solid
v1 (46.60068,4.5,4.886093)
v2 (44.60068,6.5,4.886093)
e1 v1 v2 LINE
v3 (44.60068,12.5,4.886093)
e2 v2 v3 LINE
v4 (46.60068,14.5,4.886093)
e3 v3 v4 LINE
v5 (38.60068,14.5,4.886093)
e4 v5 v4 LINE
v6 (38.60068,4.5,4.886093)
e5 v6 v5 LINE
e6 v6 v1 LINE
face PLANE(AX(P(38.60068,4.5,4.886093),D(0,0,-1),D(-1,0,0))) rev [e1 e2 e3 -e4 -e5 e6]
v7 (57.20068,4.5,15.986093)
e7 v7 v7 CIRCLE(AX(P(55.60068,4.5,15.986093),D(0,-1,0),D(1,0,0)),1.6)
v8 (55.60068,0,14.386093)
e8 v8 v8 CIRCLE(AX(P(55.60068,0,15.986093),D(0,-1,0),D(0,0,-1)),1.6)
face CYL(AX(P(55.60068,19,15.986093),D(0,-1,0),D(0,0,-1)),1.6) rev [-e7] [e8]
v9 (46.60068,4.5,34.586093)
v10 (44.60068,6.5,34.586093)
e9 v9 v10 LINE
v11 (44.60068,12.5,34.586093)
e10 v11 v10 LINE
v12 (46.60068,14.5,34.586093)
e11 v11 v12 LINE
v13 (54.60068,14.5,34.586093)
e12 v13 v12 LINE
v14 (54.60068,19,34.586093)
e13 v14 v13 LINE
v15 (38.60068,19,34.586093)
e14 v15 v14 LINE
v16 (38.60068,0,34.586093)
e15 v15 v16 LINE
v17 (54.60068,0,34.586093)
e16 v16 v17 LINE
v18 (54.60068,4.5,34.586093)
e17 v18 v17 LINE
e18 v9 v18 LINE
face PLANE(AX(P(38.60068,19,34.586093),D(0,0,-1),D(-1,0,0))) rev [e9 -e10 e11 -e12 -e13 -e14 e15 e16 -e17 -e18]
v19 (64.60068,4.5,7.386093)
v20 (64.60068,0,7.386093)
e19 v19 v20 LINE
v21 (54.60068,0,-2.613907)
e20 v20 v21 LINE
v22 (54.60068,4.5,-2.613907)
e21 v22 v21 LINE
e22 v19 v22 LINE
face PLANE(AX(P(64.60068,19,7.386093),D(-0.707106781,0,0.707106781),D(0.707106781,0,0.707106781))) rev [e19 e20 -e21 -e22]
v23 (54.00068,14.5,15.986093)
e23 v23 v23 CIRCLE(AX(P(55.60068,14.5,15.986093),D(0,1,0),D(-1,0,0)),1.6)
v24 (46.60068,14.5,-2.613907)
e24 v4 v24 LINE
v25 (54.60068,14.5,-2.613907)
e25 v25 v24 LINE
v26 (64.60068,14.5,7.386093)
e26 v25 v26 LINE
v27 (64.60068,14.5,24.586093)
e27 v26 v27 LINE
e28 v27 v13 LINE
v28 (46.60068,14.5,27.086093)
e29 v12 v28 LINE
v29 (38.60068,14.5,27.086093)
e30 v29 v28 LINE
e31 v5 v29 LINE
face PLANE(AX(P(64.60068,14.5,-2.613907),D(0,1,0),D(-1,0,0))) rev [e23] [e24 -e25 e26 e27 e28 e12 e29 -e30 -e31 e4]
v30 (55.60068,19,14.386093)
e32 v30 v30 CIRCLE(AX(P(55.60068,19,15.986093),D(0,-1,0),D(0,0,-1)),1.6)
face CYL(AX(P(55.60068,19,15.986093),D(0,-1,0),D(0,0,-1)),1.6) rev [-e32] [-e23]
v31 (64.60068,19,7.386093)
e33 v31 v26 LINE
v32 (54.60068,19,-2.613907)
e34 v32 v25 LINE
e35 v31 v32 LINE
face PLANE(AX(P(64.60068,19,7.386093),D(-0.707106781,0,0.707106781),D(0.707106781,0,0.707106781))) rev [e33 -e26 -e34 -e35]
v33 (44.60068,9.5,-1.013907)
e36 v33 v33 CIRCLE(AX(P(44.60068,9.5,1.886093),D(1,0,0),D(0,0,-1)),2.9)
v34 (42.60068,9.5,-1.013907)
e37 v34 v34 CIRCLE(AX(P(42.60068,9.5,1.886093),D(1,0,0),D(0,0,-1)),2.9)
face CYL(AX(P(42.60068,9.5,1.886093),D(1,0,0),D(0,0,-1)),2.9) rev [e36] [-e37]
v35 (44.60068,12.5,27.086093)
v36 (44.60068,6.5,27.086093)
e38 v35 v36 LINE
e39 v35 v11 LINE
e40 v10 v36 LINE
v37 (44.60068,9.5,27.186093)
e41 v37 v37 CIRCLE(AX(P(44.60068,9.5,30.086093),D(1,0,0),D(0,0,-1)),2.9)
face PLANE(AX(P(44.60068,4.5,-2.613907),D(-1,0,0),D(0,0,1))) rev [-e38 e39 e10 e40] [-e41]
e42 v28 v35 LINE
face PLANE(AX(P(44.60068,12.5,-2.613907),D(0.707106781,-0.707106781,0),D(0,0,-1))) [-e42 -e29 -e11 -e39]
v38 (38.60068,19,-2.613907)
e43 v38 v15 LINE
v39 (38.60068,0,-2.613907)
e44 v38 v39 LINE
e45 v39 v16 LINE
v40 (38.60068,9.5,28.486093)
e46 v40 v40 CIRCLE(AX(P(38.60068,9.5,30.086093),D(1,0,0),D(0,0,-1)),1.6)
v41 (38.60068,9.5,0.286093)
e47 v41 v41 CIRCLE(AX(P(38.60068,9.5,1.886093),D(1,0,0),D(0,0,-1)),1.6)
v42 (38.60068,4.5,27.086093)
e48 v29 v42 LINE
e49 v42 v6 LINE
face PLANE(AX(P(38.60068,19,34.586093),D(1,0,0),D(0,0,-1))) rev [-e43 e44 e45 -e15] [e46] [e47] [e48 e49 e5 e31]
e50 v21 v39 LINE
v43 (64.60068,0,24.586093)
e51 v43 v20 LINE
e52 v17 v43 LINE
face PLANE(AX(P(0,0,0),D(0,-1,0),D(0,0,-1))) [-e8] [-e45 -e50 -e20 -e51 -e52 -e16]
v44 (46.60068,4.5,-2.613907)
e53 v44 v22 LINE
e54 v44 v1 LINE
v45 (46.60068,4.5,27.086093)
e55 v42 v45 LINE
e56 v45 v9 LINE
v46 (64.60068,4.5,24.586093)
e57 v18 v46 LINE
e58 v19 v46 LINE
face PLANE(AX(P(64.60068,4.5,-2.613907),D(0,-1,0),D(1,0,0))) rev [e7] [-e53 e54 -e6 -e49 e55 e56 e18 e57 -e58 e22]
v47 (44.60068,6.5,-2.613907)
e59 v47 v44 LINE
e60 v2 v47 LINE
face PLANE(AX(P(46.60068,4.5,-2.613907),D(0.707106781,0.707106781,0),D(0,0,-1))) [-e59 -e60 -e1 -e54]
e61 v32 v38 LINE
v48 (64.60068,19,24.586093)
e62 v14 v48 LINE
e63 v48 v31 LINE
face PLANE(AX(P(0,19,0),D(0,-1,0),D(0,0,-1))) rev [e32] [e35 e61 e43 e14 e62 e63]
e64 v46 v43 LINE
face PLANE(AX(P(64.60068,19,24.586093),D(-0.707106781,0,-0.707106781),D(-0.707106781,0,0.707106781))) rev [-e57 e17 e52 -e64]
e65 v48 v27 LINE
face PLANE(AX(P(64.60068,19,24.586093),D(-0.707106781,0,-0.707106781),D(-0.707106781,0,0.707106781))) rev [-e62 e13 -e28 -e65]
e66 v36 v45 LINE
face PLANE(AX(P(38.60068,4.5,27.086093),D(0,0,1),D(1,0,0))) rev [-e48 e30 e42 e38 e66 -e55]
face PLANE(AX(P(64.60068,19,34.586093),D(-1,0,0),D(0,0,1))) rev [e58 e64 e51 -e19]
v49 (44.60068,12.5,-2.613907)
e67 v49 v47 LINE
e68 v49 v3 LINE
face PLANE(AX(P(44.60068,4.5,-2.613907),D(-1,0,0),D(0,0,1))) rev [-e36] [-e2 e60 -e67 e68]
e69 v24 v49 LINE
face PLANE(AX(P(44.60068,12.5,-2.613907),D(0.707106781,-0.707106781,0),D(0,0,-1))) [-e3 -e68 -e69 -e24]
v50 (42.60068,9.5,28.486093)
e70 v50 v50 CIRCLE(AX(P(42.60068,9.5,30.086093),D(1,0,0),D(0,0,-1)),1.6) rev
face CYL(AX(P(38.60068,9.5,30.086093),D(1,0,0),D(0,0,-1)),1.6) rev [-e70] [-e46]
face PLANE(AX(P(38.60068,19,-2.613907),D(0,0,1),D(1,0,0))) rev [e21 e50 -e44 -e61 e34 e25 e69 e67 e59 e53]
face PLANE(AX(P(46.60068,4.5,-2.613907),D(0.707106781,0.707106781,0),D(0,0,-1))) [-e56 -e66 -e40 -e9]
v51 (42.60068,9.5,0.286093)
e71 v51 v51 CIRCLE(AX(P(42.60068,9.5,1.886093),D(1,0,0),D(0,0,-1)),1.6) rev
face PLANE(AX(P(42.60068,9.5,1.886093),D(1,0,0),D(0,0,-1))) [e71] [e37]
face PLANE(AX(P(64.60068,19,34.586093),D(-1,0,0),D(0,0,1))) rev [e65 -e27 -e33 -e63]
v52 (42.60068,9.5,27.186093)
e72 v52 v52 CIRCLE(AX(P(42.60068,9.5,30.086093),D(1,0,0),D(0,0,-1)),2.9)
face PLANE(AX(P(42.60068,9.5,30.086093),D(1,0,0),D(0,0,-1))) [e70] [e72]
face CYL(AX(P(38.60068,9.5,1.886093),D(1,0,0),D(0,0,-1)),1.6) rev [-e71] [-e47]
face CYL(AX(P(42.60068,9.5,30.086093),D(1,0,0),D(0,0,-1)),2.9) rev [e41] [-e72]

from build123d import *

# Parameters (mm, degrees)
SKETCH1_W           = 26
SKETCH1_H           = 37.2
BOSS_EXTRUDE1_DEPTH = 19
SKETCH2_W           = 20
SKETCH2_H           = 10
CUT_EXTRUDE1_DEPTH  = 77.929109018
SKETCH3_R           = 1.6
CUT_EXTRUDE2_DEPTH  = 76.699707134
CUT_EXTRUDE3_DEPTH  = 76.699707134
SKETCH7_W           = 22.2
SKETCH7_H           = 10
CUT_EXTRUDE6_DEPTH  = 45.240228818
SKETCH8_R           = 1.6
CUT_EXTRUDE7_DEPTH  = 45.240228818
CHAMFER1_SIZE       = 2
SKETCH9_R           = 2.9
CUT_EXTRUDE12_DEPTH = 2


with BuildPart() as part:
    # Sketch1 → Boss-Extrude1 (new body)
    with BuildSketch(Plane(origin=(0, 0, 0), x_dir=(1, 0, 0), z_dir=(0, 1, 0))):
        with Locations((51.600679674, -15.986093244)):
            Rectangle(SKETCH1_W, SKETCH1_H)
    extrude(amount=BOSS_EXTRUDE1_DEPTH)

    # Sketch2 → Cut-Extrude1 (cut, through all)
    with BuildSketch(Plane.XY.offset(34.586093244)):
        with Locations((54.600679674, 9.5)):
            Rectangle(SKETCH2_W, SKETCH2_H)
    extrude(amount=-CUT_EXTRUDE1_DEPTH, mode=Mode.SUBTRACT)

    # Sketch3 → Cut-Extrude2 (cut, through all)
    with BuildSketch(Plane.XZ):
        with Locations(Location((55.600679674, 15.986093244, 0), (0, 0, 270))):
            Circle(SKETCH3_R)
    extrude(amount=-CUT_EXTRUDE2_DEPTH, mode=Mode.SUBTRACT)

    # Sketch4 → Cut-Extrude3 (cut, through all)
    with BuildSketch(Plane.XZ):
        Polygon((64.600679674, 24.586093244), (54.600679674, 34.586093244), (64.600679674, 34.586093244), align=None)
        Polygon((64.600679674, 7.386093244), (54.600679674, -2.613906756), (64.600679674, -2.613906756), align=None)
    extrude(amount=-CUT_EXTRUDE3_DEPTH, mode=Mode.SUBTRACT)

    # Sketch7 → Cut-Extrude6 (cut, through all)
    with BuildSketch(Plane(origin=(44.600679674, 0, 0), x_dir=(0, 0, -1), z_dir=(1, 0, 0))):
        with Locations((-15.986093244, 9.5)):
            Rectangle(SKETCH7_W, SKETCH7_H)
    extrude(amount=-CUT_EXTRUDE6_DEPTH, mode=Mode.SUBTRACT)

    # Sketch8 → Cut-Extrude7 (cut, through all)
    with BuildSketch(Plane(origin=(44.600679674, 0, 0), x_dir=(0, 0, -1), z_dir=(1, 0, 0))):
        with Locations((-30.086093244, 9.5)):
            Circle(SKETCH8_R)
        with Locations((-1.886093244, 9.5)):
            Circle(SKETCH8_R)
    extrude(amount=-CUT_EXTRUDE7_DEPTH, mode=Mode.SUBTRACT)

    # Chamfer1
    chamfer1_edges = [part.edges().sort_by_distance(p)[0] for p in [
        (44.600679674, 4.5, 1.136093244),
        (44.600679674, 14.5, 1.136093244),
        (44.600679674, 14.5, 30.836093244),
        (44.600679674, 4.5, 30.836093244),
    ]]
    chamfer(chamfer1_edges, length=CHAMFER1_SIZE)

    # Sketch9 → Cut-Extrude12 (cut)
    with BuildSketch(Plane(origin=(44.600679674, 0, 0), x_dir=(0, 0, -1), z_dir=(1, 0, 0))):
        with Locations((-30.086093244, 9.5)):
            Circle(SKETCH9_R)
        with Locations((-1.886093244, 9.5)):
            Circle(SKETCH9_R)
    extrude(amount=-CUT_EXTRUDE12_DEPTH, mode=Mode.SUBTRACT)


solid = part.part
